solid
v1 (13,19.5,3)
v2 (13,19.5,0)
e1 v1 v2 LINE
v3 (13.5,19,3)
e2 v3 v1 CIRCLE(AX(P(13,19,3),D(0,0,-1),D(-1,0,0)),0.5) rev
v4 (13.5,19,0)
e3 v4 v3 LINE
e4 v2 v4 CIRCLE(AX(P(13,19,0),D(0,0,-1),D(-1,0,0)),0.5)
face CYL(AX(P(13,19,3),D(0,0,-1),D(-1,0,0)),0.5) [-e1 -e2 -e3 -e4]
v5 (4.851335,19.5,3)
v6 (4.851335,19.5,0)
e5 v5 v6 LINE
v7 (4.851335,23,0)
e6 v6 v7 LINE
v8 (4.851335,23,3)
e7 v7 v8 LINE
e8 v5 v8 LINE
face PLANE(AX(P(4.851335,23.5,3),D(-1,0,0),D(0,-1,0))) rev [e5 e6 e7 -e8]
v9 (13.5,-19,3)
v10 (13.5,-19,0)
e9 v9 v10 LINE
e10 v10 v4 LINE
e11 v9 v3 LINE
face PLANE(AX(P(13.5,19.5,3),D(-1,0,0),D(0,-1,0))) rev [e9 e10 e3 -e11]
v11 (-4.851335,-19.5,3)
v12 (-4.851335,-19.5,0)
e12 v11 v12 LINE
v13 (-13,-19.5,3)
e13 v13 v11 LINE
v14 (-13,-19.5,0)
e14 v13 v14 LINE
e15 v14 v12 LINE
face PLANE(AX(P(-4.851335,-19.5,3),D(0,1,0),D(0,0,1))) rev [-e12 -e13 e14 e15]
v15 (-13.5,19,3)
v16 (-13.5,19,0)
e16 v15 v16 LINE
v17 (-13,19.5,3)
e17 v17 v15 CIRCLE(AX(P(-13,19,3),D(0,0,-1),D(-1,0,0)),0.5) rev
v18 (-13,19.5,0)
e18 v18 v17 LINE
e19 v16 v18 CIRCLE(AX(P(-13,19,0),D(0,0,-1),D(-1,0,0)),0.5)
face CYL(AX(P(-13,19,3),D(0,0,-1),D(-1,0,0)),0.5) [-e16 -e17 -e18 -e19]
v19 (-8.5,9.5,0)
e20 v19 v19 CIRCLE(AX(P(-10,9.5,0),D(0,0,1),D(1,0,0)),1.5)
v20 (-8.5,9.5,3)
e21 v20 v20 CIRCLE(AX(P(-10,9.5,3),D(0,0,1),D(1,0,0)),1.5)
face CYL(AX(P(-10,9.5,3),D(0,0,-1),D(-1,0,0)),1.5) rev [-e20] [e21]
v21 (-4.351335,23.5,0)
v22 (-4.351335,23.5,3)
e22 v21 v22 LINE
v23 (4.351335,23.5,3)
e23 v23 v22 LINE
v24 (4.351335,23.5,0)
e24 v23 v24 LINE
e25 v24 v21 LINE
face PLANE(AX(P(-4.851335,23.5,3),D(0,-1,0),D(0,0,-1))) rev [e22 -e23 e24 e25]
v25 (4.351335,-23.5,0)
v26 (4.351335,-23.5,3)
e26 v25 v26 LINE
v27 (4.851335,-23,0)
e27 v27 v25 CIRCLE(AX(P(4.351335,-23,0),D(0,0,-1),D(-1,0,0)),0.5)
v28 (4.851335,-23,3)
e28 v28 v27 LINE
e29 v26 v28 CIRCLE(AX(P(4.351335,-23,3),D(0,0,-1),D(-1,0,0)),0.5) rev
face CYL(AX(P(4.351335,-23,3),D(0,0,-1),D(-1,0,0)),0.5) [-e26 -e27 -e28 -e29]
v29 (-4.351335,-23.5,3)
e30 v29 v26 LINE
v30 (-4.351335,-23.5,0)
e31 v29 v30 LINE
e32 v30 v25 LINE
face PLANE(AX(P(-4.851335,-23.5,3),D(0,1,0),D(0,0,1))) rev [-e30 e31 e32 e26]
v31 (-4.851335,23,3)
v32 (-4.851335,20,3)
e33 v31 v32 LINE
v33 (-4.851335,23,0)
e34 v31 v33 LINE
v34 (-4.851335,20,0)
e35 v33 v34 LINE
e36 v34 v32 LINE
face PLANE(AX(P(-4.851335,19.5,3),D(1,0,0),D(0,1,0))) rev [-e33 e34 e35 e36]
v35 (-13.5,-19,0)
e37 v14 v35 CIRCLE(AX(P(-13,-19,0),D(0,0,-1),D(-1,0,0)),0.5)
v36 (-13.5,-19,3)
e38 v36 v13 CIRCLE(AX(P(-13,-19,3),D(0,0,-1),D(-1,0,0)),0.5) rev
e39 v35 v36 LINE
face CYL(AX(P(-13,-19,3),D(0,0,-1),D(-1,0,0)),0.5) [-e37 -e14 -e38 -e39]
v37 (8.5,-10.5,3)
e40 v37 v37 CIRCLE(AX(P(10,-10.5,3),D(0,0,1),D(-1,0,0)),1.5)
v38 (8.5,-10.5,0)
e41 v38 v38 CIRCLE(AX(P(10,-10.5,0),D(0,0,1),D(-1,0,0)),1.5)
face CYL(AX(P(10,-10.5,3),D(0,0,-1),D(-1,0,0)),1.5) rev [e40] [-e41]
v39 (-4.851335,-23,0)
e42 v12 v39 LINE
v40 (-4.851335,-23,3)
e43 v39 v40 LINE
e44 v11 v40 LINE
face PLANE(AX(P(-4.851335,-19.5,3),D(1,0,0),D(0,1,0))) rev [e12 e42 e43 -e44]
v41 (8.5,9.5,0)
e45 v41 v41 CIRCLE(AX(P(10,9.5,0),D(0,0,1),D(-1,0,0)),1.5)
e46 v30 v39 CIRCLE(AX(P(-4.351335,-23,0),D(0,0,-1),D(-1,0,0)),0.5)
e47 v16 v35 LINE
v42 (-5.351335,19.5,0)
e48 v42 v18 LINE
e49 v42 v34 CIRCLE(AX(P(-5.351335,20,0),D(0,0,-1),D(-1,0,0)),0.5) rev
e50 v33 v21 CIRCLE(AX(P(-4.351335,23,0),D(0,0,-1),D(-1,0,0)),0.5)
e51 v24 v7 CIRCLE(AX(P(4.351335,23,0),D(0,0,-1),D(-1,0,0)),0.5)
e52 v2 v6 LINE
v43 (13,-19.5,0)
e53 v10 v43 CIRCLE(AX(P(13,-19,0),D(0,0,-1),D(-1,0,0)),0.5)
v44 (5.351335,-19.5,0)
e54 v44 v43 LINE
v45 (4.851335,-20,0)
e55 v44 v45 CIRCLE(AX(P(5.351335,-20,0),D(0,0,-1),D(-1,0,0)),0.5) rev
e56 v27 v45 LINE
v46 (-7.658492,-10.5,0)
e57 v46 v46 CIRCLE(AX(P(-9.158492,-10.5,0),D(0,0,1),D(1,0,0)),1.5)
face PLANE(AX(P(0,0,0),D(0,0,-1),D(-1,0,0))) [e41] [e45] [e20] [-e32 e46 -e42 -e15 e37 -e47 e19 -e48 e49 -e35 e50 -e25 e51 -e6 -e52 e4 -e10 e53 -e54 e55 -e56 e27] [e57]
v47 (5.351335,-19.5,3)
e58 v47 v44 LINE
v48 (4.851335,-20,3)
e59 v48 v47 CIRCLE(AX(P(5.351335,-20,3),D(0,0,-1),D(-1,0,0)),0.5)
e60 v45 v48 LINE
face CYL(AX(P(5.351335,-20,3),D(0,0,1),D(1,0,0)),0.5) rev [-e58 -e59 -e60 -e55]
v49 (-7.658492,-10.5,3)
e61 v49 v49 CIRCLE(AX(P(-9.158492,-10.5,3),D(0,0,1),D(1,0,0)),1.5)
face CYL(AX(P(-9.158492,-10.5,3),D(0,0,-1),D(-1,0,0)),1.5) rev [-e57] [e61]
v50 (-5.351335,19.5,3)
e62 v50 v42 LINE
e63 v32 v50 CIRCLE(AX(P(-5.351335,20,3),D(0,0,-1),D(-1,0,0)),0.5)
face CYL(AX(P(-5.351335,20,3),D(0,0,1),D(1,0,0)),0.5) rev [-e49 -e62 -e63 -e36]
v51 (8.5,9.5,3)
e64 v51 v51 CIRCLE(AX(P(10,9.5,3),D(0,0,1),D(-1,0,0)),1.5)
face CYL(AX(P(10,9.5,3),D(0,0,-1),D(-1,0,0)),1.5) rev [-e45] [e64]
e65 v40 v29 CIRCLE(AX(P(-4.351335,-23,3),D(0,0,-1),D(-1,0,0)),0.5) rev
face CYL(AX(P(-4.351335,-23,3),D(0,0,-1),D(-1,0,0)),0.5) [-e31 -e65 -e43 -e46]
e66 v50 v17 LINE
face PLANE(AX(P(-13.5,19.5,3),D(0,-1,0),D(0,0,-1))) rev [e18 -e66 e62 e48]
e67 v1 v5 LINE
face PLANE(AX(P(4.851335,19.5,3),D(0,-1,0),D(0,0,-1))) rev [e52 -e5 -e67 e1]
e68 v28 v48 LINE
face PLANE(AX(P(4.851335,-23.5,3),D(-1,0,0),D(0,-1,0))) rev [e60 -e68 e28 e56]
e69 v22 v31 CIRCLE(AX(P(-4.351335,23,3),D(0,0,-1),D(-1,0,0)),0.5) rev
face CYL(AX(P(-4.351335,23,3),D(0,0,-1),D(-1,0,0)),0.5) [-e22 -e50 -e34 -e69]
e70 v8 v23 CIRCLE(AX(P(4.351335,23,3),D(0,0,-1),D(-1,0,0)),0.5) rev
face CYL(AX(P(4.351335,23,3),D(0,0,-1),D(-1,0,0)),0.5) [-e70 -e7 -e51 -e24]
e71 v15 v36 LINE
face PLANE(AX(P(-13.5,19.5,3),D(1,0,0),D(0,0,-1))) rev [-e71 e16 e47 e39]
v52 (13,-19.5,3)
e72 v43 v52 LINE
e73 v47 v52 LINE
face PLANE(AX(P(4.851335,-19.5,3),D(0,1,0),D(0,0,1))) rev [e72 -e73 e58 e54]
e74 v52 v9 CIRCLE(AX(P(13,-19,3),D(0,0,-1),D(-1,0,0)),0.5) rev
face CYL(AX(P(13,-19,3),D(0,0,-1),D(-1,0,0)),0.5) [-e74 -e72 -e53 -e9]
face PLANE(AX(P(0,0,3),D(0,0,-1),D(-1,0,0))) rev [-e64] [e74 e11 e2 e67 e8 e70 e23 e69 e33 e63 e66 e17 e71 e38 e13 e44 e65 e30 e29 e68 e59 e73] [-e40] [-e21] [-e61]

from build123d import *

# Parameters (mm, degrees)
ESQUISSE1_R        = 1.5
BOSS_EXTRU_1_DEPTH = 3
CONG_1_R           = 0.5


with BuildPart() as part:
    # Esquisse1 → Boss.-Extru.1 (new body)
    with BuildSketch(Plane.XY):
        Polygon((-13.5, 19.5), (-4.85133507, 19.5), (-4.85133507, 23.5), (4.85133507, 23.5), (4.85133507, 19.5), (13.5, 19.5), (13.5, -19.5), (4.85133507, -19.5), (4.85133507, -23.5), (-4.85133507, -23.5), (-4.85133507, -19.5), (-13.5, -19.5), align=None)
        with Locations((-10, 9.5)):
            Circle(ESQUISSE1_R, mode=Mode.SUBTRACT)
        with Locations(Location((10, 9.5, 0), (0, 0, 180))):
            Circle(ESQUISSE1_R, mode=Mode.SUBTRACT)
        with Locations((-9.158491979, -10.5)):
            Circle(ESQUISSE1_R, mode=Mode.SUBTRACT)
        with Locations(Location((10, -10.5, 0), (0, 0, 180))):
            Circle(ESQUISSE1_R, mode=Mode.SUBTRACT)
    extrude(amount=BOSS_EXTRU_1_DEPTH)

    # Congé1
    cong_1_edges = [part.edges().sort_by_distance(p)[0] for p in [
        (-13.5, 19.5, 1.5),
        (-4.85133507, 19.5, 1.5),
        (-4.85133507, 23.5, 1.5),
        (4.85133507, 23.5, 1.5),
        (13.5, 19.5, 1.5),
        (13.5, -19.5, 1.5),
        (4.85133507, -19.5, 1.5),
        (4.85133507, -23.5, 1.5),
        (-4.85133507, -23.5, 1.5),
        (-13.5, -19.5, 1.5),
    ]]
    fillet(cong_1_edges, radius=CONG_1_R)


solid = part.part
